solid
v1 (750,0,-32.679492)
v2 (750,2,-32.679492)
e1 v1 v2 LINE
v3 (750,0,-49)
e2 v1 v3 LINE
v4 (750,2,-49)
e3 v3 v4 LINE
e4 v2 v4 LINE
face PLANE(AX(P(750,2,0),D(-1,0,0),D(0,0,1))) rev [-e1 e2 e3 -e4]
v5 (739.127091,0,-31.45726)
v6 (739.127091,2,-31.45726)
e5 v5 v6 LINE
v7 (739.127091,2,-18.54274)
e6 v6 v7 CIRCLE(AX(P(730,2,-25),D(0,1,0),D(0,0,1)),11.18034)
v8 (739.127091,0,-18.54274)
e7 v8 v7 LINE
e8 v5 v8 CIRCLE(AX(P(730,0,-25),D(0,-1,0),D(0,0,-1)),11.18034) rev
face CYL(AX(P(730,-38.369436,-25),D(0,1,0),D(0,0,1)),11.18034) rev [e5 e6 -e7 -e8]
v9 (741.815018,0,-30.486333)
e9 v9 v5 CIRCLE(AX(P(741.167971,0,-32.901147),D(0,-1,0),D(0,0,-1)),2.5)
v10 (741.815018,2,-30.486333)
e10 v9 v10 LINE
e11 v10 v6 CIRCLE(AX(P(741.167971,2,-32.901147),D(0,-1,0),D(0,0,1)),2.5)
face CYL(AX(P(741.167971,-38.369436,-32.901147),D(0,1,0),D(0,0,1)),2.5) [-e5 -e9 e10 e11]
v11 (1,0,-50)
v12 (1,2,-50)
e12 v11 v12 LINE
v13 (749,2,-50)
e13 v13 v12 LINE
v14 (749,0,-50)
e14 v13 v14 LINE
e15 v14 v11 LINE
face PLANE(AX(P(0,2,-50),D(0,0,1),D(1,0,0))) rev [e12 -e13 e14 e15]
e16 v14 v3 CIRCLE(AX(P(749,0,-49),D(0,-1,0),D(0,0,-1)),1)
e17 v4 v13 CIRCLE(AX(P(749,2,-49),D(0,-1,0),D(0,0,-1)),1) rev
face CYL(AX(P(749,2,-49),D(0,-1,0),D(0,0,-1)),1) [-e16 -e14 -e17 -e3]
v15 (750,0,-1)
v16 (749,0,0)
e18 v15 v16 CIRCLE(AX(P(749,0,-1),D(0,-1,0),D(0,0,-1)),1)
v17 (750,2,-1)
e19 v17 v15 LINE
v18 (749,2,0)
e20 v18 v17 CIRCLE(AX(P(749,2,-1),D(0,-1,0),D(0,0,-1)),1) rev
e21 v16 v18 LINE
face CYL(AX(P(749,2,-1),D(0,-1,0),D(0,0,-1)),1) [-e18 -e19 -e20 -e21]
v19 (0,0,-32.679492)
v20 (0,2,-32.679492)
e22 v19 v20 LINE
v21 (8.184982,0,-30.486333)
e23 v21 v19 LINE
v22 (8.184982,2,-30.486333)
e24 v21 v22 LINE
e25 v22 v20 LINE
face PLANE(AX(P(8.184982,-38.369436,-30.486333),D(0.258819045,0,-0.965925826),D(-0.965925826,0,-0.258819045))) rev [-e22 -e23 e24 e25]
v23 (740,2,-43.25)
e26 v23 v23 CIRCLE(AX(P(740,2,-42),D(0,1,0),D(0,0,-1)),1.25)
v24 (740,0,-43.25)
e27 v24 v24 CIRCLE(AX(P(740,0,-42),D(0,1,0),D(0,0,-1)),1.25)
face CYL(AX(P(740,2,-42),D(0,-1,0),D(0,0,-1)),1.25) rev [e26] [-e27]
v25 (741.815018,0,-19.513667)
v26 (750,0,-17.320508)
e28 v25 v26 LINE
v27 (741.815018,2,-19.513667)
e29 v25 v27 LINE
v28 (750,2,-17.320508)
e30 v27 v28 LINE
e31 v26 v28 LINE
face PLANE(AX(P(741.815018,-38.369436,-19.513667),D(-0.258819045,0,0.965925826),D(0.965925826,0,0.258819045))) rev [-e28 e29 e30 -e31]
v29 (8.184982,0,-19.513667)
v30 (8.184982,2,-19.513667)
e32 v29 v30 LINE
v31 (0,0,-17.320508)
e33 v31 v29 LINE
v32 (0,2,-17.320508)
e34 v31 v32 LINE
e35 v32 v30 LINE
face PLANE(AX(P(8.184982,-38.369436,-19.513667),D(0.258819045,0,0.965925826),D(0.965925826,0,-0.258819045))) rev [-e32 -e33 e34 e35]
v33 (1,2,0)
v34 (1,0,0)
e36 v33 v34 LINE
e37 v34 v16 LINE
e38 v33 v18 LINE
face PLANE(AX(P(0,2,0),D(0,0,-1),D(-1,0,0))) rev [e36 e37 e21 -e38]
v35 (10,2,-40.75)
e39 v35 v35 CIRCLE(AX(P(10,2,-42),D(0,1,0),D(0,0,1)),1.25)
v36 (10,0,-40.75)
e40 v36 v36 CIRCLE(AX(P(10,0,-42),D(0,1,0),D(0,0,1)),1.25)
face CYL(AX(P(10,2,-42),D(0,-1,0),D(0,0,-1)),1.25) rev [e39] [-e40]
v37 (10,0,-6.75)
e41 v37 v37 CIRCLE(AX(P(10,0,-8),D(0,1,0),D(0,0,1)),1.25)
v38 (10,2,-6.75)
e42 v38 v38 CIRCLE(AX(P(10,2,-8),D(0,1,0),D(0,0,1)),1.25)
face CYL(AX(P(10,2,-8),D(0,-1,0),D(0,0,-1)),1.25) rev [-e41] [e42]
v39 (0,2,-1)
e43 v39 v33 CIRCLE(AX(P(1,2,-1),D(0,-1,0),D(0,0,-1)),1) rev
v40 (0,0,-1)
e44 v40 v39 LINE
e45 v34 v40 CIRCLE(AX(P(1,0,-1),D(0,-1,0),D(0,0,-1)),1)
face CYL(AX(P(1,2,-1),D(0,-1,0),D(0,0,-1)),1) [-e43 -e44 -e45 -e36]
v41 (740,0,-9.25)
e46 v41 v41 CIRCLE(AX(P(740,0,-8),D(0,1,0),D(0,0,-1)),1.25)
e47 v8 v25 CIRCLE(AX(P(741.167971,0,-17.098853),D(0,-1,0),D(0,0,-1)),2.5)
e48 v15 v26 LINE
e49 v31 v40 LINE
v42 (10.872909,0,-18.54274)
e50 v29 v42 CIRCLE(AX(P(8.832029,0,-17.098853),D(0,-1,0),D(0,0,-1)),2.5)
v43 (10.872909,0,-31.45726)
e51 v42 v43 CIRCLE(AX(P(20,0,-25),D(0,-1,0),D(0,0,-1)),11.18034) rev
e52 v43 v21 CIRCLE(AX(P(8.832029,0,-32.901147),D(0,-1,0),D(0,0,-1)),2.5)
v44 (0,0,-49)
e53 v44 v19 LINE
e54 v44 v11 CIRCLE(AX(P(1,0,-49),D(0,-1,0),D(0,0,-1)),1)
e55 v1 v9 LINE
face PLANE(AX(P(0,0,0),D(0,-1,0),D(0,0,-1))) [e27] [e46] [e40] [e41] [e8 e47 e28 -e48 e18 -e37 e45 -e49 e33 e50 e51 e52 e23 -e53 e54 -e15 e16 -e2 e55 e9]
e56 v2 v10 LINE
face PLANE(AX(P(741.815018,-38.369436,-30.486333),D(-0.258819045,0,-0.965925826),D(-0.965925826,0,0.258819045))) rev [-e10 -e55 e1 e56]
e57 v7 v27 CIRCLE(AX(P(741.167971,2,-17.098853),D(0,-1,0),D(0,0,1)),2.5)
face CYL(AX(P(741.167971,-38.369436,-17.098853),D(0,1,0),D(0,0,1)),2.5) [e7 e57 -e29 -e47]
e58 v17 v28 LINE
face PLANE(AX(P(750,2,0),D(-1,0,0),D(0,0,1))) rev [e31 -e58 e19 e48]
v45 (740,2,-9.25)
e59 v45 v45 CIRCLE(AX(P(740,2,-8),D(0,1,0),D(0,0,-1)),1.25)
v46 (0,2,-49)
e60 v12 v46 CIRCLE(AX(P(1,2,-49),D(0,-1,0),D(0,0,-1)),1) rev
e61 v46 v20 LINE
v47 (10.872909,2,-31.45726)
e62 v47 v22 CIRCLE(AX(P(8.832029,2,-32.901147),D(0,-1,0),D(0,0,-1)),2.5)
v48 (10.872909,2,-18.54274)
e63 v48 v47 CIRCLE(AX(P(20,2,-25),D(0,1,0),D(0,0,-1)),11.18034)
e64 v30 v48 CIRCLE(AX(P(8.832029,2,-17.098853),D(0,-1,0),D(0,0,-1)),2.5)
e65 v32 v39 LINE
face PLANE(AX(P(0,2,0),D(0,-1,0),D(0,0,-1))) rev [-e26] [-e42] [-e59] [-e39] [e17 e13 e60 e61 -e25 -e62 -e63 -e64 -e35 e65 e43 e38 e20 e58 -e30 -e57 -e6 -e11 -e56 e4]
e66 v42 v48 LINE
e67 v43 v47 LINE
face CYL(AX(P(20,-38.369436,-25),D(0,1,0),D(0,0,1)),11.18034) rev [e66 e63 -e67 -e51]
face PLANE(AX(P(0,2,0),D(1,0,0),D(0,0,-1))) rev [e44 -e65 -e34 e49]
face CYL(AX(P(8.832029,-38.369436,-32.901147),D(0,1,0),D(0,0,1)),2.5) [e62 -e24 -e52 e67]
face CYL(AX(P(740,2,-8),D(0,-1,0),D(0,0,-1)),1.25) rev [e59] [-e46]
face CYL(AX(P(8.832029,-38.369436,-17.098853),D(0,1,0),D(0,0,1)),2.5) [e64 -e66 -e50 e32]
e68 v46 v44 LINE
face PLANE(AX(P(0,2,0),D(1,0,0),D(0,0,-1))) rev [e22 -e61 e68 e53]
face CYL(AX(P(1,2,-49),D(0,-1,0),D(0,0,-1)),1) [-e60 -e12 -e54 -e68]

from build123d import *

# Parameters (mm, degrees)
SKETCH1_W           = 750
SKETCH1_H           = 50
SKETCH1_R           = 1.25
BOSS_EXTRUDE1_DEPTH = 2
FILLET1_R           = 1
CUT_EXTRUDE1_DEPTH  = 2


with BuildPart() as part:
    # Sketch1 → Boss-Extrude1 (new body)
    with BuildSketch(Plane(origin=(0, 0, 0), x_dir=(1, 0, 0), z_dir=(0, 1, 0))):
        with Locations((375, 25)):
            Rectangle(SKETCH1_W, SKETCH1_H)
        with Locations((10, 42)):
            Circle(SKETCH1_R, mode=Mode.SUBTRACT)
        with Locations((10, 8)):
            Circle(SKETCH1_R, mode=Mode.SUBTRACT)
        with Locations((740, 8)):
            Circle(SKETCH1_R, mode=Mode.SUBTRACT)
        with Locations((740, 42)):
            Circle(SKETCH1_R, mode=Mode.SUBTRACT)
    extrude(amount=BOSS_EXTRUDE1_DEPTH)

    # Fillet1
    fillet1_edges = [part.edges().sort_by_distance(p)[0] for p in [
        (0, 1, -50),
        (750, 1, -50),
        (750, 1, 0),
        (0, 1, 0),
    ]]
    fillet(fillet1_edges, radius=FILLET1_R)

    # Sketch2 → Cut-Extrude1 (cut)
    with BuildSketch(Plane(origin=(0, 2, 0), x_dir=(1, 0, 0), z_dir=(0, 1, 0))):
        with BuildLine():
            Line((741.815018385, 30.48633271), (750, 32.679491924))
            Line((750, 32.679491924), (750, 17.320508076))
            Line((750, 17.320508076), (741.815018385, 19.51366729))
            ThreePointArc((741.815018385, 19.51366729), (740.31863757, 19.450157279), (739.127091147, 18.542739963))
            ThreePointArc((739.127091147, 18.542739963), (718.819660113, 25), (739.127091147, 31.457260037))
            ThreePointArc((739.127091147, 31.457260037), (740.31863757, 30.549842721), (741.815018385, 30.48633271))
        make_face()
        with BuildLine():
            Line((0, 32.679491924), (0, 17.320508076))
            Line((0, 17.320508076), (8.184981615, 19.51366729))
            ThreePointArc((8.184981615, 19.51366729), (9.68136243, 19.450157279), (10.872908853, 18.542739963))
            ThreePointArc((10.872908853, 18.542739963), (31.180339887, 25), (10.872908853, 31.457260037))
            ThreePointArc((10.872908853, 31.457260037), (9.68136243, 30.549842721), (8.184981615, 30.48633271))
            Line((8.184981615, 30.48633271), (0, 32.679491924))
        make_face()
    extrude(amount=-CUT_EXTRUDE1_DEPTH, mode=Mode.SUBTRACT)


solid = part.part
